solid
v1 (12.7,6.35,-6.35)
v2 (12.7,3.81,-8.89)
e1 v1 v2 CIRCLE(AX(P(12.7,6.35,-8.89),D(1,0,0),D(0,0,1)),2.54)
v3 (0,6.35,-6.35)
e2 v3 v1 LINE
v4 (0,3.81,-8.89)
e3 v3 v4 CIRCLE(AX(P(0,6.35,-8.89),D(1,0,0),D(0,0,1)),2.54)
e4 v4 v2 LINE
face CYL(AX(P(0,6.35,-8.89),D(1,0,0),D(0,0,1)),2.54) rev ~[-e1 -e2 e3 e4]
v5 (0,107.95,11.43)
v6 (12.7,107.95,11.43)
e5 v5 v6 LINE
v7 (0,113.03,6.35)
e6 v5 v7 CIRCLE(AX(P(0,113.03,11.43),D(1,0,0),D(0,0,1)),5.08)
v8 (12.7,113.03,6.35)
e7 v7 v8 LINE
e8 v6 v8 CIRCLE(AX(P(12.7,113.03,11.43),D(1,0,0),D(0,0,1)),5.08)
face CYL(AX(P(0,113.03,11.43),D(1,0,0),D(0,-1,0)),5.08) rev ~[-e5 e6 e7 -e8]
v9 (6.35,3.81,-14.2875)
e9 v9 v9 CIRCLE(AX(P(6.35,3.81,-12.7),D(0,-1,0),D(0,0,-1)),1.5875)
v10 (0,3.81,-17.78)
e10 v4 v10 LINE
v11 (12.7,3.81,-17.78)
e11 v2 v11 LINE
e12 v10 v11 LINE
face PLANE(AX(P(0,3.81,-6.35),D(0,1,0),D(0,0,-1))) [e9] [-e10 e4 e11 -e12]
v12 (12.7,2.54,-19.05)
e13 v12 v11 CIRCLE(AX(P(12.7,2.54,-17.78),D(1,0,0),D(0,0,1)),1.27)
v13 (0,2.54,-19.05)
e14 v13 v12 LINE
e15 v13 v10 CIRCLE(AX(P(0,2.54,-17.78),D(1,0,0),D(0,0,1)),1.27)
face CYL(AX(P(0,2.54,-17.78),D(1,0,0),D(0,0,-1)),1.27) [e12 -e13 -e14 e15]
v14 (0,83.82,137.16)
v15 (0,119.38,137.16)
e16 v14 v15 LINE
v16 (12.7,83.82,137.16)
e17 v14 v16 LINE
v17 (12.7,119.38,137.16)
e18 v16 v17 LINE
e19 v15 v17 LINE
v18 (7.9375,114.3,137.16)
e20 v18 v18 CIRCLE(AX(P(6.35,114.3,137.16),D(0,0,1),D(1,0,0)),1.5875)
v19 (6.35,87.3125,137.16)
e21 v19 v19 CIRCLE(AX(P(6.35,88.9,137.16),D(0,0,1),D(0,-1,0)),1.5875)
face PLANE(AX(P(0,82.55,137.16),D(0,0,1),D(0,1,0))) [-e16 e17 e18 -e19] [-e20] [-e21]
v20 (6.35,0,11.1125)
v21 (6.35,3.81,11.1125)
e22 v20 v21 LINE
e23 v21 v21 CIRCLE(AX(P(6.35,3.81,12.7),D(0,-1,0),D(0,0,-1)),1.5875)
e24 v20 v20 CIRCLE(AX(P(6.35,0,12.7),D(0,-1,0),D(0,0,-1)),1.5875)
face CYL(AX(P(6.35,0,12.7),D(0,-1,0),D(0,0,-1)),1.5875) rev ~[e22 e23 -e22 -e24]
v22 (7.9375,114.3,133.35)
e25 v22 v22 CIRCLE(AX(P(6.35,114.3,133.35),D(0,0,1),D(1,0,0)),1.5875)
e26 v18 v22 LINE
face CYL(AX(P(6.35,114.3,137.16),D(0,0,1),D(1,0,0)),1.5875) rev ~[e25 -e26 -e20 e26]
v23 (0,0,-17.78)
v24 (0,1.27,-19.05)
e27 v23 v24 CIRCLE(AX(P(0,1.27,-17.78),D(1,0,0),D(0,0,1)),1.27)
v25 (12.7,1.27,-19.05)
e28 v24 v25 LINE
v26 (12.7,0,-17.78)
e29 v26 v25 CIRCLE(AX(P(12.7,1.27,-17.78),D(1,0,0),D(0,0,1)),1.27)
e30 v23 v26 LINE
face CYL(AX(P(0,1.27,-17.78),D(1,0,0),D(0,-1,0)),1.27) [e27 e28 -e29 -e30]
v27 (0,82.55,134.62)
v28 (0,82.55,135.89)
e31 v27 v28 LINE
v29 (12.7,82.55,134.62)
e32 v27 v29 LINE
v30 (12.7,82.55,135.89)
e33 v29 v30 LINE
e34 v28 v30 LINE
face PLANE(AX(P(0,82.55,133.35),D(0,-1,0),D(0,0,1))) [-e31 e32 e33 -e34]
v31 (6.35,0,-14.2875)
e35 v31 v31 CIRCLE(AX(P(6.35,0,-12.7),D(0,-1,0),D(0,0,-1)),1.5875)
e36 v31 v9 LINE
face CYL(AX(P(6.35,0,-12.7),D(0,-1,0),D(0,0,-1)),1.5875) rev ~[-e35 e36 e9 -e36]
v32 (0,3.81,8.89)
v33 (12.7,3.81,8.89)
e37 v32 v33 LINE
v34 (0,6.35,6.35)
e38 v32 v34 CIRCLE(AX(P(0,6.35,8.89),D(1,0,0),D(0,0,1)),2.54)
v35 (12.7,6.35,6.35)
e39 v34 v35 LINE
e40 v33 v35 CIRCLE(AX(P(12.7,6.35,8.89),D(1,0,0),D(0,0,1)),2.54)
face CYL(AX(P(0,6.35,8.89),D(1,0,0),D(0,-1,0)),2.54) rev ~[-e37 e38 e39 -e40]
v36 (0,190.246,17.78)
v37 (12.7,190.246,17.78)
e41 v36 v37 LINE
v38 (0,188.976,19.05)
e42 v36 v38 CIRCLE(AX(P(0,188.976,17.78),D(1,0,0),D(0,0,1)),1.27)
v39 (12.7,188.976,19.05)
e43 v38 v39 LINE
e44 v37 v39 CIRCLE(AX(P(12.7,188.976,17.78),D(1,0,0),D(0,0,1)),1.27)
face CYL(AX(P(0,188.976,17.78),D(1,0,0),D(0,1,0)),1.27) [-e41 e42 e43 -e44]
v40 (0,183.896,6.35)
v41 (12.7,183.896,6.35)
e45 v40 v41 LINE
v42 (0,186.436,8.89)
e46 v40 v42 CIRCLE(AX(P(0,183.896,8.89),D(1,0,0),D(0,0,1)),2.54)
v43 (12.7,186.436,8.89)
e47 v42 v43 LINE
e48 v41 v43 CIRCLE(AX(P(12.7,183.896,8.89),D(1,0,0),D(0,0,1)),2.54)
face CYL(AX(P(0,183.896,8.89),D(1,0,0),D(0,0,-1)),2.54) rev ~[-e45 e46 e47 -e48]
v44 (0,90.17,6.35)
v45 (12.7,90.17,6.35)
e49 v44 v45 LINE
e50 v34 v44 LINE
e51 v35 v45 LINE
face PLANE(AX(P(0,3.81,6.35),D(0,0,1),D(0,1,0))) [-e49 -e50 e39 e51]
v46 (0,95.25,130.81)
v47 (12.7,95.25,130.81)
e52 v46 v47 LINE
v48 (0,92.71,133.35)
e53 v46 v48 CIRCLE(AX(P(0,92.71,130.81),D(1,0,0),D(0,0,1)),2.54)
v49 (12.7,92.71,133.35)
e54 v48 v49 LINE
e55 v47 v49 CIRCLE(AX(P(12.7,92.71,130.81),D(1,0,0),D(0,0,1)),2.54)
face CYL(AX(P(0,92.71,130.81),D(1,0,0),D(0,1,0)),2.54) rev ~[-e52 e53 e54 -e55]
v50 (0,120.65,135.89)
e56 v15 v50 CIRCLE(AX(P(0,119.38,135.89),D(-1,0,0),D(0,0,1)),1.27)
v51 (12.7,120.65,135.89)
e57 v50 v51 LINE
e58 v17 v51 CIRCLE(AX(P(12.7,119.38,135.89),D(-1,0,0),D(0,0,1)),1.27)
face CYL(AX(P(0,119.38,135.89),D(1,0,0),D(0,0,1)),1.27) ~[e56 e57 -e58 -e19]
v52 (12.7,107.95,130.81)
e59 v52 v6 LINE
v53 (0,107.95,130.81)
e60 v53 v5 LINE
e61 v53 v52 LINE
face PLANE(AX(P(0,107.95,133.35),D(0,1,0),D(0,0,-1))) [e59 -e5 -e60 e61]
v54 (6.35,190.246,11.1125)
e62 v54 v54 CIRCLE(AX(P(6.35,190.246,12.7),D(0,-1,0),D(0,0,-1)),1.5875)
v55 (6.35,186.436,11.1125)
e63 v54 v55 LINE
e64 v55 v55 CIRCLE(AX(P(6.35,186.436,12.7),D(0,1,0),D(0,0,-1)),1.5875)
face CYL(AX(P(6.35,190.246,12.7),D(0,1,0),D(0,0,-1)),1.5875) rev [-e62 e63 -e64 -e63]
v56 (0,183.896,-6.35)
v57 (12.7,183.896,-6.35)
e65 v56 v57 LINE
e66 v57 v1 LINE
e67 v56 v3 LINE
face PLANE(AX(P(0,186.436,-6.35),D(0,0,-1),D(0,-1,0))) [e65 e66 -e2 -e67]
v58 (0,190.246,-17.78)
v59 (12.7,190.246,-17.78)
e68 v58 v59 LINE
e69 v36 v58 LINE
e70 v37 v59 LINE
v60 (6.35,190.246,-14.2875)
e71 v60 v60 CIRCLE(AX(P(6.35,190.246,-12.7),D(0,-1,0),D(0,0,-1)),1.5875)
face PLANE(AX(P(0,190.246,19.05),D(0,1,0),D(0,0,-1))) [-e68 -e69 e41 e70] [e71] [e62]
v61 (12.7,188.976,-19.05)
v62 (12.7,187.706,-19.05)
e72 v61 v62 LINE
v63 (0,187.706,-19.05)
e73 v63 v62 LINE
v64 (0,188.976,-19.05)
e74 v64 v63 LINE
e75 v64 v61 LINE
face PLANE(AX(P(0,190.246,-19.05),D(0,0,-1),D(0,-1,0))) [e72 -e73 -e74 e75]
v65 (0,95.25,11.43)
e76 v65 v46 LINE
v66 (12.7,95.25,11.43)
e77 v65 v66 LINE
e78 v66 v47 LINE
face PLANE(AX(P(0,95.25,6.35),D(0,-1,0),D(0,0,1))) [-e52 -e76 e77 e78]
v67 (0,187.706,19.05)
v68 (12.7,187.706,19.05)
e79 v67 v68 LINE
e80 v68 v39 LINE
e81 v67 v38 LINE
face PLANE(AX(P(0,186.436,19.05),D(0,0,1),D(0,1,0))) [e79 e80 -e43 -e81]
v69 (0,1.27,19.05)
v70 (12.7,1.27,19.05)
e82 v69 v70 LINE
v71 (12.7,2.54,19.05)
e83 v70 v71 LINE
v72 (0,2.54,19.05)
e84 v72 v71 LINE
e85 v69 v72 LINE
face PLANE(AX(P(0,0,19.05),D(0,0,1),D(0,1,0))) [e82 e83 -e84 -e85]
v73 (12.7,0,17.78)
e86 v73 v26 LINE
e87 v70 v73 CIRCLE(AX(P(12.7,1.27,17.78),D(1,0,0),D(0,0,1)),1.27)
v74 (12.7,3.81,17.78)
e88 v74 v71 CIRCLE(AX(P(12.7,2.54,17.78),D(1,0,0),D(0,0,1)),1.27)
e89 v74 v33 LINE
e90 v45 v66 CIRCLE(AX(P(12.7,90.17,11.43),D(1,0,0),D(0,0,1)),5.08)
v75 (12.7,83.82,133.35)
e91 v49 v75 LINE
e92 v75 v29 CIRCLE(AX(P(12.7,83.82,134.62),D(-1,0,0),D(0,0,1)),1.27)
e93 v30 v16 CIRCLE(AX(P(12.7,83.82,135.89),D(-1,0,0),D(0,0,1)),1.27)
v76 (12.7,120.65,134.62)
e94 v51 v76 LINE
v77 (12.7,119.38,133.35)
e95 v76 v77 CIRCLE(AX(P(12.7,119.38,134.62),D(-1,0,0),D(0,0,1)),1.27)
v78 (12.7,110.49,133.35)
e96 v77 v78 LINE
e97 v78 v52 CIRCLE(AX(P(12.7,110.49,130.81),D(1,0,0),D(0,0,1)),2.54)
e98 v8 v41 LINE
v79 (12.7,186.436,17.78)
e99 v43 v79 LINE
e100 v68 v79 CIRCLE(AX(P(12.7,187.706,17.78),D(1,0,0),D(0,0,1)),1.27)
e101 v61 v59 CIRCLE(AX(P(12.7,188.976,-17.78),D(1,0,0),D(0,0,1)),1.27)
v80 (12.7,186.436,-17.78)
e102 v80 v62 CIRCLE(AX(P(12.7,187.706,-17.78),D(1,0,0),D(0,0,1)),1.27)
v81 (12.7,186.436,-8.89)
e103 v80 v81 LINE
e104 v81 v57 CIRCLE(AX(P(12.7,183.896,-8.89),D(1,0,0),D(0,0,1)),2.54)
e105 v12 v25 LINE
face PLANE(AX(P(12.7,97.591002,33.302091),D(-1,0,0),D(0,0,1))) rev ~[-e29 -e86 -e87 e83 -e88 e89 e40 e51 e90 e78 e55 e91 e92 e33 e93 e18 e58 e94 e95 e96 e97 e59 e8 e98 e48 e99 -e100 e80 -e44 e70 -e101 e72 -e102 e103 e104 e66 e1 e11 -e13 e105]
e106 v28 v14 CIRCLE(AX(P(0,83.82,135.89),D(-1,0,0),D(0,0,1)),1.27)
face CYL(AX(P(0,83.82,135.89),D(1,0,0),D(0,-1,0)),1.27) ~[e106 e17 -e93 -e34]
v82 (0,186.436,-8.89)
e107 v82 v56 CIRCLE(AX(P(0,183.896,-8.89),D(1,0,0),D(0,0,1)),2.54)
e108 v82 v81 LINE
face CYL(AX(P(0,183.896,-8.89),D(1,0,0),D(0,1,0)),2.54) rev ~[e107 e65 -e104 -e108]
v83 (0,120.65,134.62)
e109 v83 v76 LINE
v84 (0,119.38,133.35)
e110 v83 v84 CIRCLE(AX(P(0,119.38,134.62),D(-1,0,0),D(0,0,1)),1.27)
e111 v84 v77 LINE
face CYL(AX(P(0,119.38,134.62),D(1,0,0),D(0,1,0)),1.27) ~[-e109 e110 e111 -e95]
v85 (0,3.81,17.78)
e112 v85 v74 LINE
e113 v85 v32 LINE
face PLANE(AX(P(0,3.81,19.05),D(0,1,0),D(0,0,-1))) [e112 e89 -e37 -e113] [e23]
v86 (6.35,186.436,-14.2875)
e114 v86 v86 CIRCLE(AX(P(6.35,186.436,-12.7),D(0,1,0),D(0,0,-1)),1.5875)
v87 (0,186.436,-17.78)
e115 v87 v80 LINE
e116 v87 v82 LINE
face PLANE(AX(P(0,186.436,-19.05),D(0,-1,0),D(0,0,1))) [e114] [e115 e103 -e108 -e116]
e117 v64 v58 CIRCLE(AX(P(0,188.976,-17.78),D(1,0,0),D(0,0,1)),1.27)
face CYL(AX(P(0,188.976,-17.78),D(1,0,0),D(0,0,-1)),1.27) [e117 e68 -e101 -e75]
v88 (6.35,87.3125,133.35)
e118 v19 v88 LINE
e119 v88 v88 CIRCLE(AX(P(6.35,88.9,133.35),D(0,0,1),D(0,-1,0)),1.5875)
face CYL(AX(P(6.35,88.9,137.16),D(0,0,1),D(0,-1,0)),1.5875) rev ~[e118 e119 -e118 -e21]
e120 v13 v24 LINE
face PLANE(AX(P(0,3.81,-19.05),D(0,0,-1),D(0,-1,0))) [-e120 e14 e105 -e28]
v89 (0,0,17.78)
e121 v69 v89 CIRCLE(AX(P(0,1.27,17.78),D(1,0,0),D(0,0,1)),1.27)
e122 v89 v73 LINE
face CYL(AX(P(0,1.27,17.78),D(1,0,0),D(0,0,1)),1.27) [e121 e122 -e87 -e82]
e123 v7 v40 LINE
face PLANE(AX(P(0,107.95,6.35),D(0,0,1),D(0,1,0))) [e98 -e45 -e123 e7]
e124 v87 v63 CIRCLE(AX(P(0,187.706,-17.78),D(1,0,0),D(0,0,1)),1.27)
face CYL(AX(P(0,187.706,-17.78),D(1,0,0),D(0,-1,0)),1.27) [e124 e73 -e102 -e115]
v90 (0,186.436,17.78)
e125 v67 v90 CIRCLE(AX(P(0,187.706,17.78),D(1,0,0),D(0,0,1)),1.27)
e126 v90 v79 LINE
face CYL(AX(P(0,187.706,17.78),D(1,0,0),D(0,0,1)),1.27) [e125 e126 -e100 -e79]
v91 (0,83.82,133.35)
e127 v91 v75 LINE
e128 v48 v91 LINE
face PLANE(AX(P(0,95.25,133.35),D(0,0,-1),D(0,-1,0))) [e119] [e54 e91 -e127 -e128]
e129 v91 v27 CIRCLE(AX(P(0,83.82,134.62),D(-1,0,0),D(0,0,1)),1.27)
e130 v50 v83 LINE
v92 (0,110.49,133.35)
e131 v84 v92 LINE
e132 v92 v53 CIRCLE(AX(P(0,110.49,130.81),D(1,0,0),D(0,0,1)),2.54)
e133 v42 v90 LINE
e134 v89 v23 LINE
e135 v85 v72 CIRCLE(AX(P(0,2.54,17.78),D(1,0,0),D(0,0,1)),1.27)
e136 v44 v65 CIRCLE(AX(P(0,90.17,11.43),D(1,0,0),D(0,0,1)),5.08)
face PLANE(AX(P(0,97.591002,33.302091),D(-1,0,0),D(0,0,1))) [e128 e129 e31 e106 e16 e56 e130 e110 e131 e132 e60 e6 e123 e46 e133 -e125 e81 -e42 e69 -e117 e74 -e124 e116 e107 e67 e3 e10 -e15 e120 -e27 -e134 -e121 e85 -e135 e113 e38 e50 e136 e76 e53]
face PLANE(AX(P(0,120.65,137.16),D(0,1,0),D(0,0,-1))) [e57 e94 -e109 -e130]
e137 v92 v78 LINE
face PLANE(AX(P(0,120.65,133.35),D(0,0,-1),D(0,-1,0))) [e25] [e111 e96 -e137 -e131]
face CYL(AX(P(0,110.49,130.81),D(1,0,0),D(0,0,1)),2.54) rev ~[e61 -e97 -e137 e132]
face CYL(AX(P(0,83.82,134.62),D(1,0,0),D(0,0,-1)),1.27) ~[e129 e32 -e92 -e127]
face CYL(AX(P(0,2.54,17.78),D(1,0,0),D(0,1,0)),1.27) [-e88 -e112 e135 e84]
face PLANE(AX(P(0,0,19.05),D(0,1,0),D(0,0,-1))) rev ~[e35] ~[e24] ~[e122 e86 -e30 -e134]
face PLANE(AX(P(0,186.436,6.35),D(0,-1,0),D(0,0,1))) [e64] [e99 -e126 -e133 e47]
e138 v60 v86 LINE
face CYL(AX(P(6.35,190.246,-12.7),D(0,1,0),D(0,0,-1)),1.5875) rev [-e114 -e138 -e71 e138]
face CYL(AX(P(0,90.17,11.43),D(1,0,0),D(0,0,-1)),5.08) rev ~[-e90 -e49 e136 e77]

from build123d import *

# Parameters (mm, degrees)
BOSS_EXTRUDE1_DEPTH          = 12.7
SKETCH2_R                    = 1.5875
SIDE_MOUNT_HOLES_DEPTH       = 12.7
SKETCH3_R                    = 1.5875
TOP_BOTTOM_MOUNT_HOLES_DEPTH = 12.7
FILLET1_R                    = 2.54
FILLET2_R                    = 5.08
FILLET3_R                    = 1.27


with BuildPart() as part:
    # Sketch1 → Boss-Extrude1 (new body)
    with BuildSketch(Plane(origin=(0, 0, 0), x_dir=(0, 0, -1), z_dir=(1, 0, 0))):
        Polygon((0, 0), (-19.05, 0), (-19.05, 3.81), (-6.35, 3.81), (-6.35, 95.25), (-133.35, 95.25), (-133.35, 82.55), (-137.16, 82.55), (-137.16, 120.65), (-133.35, 120.65), (-133.35, 107.95), (-6.35, 107.95), (-6.35, 186.436), (-19.05, 186.436), (-19.05, 190.246), (19.05, 190.246), (19.05, 186.436), (6.35, 186.436), (6.35, 3.81), (19.05, 3.81), (19.05, 0), align=None)
    extrude(amount=BOSS_EXTRUDE1_DEPTH)

    # Sketch2 → Side_mount_holes (cut)
    with BuildSketch(Plane.XY.offset(137.16)):
        with Locations((6.35, 114.3)):
            Circle(SKETCH2_R)
        with Locations(Location((6.35, 88.9, 0), (0, 0, 270))):
            Circle(SKETCH2_R)
    extrude(amount=-SIDE_MOUNT_HOLES_DEPTH, mode=Mode.SUBTRACT)

    # Sketch3 → top_Bottom_mount_holes (cut)
    with BuildSketch(Plane.XZ):
        with Locations(Location((6.35, 12.7, 0), (0, 0, 270))):
            Circle(SKETCH3_R)
        with Locations(Location((6.35, -12.7, 0), (0, 0, 270))):
            Circle(SKETCH3_R)
    top_bottom_mount_holes = extrude(amount=-TOP_BOTTOM_MOUNT_HOLES_DEPTH, mode=Mode.SUBTRACT)

    # Mirror1: top_Bottom_mount_holes across plane
    add(top_bottom_mount_holes.mirror(Plane(origin=(0, 95.123, 0), x_dir=(0, 0, 1), z_dir=(0, -1, 0))), mode=Mode.SUBTRACT)

    # Fillet1
    fillet1_edges = [part.edges().sort_by_distance(p)[0] for p in [
        (6.35, 3.81, 6.35),
        (6.35, 95.25, 133.35),
        (6.35, 107.95, 133.35),
        (6.35, 186.436, 6.35),
        (6.35, 186.436, -6.35),
        (6.35, 3.81, -6.35),
    ]]
    fillet(fillet1_edges, radius=FILLET1_R)

    # Fillet2
    fillet2_edges = [part.edges().sort_by_distance(p)[0] for p in [
        (6.35, 95.25, 6.35),
        (6.35, 107.95, 6.35),
    ]]
    fillet(fillet2_edges, radius=FILLET2_R)

    # Fillet3
    fillet3_edges = [part.edges().sort_by_distance(p)[0] for p in [
        (6.35, 0, 19.05),
        (6.35, 3.81, 19.05),
        (6.35, 82.55, 133.35),
        (6.35, 82.55, 137.16),
        (6.35, 120.65, 137.16),
        (6.35, 120.65, 133.35),
        (6.35, 186.436, 19.05),
        (6.35, 190.246, 19.05),
        (6.35, 190.246, -19.05),
        (6.35, 186.436, -19.05),
        (6.35, 3.81, -19.05),
        (6.35, 0, -19.05),
    ]]
    fillet(fillet3_edges, radius=FILLET3_R)


solid = part.part
